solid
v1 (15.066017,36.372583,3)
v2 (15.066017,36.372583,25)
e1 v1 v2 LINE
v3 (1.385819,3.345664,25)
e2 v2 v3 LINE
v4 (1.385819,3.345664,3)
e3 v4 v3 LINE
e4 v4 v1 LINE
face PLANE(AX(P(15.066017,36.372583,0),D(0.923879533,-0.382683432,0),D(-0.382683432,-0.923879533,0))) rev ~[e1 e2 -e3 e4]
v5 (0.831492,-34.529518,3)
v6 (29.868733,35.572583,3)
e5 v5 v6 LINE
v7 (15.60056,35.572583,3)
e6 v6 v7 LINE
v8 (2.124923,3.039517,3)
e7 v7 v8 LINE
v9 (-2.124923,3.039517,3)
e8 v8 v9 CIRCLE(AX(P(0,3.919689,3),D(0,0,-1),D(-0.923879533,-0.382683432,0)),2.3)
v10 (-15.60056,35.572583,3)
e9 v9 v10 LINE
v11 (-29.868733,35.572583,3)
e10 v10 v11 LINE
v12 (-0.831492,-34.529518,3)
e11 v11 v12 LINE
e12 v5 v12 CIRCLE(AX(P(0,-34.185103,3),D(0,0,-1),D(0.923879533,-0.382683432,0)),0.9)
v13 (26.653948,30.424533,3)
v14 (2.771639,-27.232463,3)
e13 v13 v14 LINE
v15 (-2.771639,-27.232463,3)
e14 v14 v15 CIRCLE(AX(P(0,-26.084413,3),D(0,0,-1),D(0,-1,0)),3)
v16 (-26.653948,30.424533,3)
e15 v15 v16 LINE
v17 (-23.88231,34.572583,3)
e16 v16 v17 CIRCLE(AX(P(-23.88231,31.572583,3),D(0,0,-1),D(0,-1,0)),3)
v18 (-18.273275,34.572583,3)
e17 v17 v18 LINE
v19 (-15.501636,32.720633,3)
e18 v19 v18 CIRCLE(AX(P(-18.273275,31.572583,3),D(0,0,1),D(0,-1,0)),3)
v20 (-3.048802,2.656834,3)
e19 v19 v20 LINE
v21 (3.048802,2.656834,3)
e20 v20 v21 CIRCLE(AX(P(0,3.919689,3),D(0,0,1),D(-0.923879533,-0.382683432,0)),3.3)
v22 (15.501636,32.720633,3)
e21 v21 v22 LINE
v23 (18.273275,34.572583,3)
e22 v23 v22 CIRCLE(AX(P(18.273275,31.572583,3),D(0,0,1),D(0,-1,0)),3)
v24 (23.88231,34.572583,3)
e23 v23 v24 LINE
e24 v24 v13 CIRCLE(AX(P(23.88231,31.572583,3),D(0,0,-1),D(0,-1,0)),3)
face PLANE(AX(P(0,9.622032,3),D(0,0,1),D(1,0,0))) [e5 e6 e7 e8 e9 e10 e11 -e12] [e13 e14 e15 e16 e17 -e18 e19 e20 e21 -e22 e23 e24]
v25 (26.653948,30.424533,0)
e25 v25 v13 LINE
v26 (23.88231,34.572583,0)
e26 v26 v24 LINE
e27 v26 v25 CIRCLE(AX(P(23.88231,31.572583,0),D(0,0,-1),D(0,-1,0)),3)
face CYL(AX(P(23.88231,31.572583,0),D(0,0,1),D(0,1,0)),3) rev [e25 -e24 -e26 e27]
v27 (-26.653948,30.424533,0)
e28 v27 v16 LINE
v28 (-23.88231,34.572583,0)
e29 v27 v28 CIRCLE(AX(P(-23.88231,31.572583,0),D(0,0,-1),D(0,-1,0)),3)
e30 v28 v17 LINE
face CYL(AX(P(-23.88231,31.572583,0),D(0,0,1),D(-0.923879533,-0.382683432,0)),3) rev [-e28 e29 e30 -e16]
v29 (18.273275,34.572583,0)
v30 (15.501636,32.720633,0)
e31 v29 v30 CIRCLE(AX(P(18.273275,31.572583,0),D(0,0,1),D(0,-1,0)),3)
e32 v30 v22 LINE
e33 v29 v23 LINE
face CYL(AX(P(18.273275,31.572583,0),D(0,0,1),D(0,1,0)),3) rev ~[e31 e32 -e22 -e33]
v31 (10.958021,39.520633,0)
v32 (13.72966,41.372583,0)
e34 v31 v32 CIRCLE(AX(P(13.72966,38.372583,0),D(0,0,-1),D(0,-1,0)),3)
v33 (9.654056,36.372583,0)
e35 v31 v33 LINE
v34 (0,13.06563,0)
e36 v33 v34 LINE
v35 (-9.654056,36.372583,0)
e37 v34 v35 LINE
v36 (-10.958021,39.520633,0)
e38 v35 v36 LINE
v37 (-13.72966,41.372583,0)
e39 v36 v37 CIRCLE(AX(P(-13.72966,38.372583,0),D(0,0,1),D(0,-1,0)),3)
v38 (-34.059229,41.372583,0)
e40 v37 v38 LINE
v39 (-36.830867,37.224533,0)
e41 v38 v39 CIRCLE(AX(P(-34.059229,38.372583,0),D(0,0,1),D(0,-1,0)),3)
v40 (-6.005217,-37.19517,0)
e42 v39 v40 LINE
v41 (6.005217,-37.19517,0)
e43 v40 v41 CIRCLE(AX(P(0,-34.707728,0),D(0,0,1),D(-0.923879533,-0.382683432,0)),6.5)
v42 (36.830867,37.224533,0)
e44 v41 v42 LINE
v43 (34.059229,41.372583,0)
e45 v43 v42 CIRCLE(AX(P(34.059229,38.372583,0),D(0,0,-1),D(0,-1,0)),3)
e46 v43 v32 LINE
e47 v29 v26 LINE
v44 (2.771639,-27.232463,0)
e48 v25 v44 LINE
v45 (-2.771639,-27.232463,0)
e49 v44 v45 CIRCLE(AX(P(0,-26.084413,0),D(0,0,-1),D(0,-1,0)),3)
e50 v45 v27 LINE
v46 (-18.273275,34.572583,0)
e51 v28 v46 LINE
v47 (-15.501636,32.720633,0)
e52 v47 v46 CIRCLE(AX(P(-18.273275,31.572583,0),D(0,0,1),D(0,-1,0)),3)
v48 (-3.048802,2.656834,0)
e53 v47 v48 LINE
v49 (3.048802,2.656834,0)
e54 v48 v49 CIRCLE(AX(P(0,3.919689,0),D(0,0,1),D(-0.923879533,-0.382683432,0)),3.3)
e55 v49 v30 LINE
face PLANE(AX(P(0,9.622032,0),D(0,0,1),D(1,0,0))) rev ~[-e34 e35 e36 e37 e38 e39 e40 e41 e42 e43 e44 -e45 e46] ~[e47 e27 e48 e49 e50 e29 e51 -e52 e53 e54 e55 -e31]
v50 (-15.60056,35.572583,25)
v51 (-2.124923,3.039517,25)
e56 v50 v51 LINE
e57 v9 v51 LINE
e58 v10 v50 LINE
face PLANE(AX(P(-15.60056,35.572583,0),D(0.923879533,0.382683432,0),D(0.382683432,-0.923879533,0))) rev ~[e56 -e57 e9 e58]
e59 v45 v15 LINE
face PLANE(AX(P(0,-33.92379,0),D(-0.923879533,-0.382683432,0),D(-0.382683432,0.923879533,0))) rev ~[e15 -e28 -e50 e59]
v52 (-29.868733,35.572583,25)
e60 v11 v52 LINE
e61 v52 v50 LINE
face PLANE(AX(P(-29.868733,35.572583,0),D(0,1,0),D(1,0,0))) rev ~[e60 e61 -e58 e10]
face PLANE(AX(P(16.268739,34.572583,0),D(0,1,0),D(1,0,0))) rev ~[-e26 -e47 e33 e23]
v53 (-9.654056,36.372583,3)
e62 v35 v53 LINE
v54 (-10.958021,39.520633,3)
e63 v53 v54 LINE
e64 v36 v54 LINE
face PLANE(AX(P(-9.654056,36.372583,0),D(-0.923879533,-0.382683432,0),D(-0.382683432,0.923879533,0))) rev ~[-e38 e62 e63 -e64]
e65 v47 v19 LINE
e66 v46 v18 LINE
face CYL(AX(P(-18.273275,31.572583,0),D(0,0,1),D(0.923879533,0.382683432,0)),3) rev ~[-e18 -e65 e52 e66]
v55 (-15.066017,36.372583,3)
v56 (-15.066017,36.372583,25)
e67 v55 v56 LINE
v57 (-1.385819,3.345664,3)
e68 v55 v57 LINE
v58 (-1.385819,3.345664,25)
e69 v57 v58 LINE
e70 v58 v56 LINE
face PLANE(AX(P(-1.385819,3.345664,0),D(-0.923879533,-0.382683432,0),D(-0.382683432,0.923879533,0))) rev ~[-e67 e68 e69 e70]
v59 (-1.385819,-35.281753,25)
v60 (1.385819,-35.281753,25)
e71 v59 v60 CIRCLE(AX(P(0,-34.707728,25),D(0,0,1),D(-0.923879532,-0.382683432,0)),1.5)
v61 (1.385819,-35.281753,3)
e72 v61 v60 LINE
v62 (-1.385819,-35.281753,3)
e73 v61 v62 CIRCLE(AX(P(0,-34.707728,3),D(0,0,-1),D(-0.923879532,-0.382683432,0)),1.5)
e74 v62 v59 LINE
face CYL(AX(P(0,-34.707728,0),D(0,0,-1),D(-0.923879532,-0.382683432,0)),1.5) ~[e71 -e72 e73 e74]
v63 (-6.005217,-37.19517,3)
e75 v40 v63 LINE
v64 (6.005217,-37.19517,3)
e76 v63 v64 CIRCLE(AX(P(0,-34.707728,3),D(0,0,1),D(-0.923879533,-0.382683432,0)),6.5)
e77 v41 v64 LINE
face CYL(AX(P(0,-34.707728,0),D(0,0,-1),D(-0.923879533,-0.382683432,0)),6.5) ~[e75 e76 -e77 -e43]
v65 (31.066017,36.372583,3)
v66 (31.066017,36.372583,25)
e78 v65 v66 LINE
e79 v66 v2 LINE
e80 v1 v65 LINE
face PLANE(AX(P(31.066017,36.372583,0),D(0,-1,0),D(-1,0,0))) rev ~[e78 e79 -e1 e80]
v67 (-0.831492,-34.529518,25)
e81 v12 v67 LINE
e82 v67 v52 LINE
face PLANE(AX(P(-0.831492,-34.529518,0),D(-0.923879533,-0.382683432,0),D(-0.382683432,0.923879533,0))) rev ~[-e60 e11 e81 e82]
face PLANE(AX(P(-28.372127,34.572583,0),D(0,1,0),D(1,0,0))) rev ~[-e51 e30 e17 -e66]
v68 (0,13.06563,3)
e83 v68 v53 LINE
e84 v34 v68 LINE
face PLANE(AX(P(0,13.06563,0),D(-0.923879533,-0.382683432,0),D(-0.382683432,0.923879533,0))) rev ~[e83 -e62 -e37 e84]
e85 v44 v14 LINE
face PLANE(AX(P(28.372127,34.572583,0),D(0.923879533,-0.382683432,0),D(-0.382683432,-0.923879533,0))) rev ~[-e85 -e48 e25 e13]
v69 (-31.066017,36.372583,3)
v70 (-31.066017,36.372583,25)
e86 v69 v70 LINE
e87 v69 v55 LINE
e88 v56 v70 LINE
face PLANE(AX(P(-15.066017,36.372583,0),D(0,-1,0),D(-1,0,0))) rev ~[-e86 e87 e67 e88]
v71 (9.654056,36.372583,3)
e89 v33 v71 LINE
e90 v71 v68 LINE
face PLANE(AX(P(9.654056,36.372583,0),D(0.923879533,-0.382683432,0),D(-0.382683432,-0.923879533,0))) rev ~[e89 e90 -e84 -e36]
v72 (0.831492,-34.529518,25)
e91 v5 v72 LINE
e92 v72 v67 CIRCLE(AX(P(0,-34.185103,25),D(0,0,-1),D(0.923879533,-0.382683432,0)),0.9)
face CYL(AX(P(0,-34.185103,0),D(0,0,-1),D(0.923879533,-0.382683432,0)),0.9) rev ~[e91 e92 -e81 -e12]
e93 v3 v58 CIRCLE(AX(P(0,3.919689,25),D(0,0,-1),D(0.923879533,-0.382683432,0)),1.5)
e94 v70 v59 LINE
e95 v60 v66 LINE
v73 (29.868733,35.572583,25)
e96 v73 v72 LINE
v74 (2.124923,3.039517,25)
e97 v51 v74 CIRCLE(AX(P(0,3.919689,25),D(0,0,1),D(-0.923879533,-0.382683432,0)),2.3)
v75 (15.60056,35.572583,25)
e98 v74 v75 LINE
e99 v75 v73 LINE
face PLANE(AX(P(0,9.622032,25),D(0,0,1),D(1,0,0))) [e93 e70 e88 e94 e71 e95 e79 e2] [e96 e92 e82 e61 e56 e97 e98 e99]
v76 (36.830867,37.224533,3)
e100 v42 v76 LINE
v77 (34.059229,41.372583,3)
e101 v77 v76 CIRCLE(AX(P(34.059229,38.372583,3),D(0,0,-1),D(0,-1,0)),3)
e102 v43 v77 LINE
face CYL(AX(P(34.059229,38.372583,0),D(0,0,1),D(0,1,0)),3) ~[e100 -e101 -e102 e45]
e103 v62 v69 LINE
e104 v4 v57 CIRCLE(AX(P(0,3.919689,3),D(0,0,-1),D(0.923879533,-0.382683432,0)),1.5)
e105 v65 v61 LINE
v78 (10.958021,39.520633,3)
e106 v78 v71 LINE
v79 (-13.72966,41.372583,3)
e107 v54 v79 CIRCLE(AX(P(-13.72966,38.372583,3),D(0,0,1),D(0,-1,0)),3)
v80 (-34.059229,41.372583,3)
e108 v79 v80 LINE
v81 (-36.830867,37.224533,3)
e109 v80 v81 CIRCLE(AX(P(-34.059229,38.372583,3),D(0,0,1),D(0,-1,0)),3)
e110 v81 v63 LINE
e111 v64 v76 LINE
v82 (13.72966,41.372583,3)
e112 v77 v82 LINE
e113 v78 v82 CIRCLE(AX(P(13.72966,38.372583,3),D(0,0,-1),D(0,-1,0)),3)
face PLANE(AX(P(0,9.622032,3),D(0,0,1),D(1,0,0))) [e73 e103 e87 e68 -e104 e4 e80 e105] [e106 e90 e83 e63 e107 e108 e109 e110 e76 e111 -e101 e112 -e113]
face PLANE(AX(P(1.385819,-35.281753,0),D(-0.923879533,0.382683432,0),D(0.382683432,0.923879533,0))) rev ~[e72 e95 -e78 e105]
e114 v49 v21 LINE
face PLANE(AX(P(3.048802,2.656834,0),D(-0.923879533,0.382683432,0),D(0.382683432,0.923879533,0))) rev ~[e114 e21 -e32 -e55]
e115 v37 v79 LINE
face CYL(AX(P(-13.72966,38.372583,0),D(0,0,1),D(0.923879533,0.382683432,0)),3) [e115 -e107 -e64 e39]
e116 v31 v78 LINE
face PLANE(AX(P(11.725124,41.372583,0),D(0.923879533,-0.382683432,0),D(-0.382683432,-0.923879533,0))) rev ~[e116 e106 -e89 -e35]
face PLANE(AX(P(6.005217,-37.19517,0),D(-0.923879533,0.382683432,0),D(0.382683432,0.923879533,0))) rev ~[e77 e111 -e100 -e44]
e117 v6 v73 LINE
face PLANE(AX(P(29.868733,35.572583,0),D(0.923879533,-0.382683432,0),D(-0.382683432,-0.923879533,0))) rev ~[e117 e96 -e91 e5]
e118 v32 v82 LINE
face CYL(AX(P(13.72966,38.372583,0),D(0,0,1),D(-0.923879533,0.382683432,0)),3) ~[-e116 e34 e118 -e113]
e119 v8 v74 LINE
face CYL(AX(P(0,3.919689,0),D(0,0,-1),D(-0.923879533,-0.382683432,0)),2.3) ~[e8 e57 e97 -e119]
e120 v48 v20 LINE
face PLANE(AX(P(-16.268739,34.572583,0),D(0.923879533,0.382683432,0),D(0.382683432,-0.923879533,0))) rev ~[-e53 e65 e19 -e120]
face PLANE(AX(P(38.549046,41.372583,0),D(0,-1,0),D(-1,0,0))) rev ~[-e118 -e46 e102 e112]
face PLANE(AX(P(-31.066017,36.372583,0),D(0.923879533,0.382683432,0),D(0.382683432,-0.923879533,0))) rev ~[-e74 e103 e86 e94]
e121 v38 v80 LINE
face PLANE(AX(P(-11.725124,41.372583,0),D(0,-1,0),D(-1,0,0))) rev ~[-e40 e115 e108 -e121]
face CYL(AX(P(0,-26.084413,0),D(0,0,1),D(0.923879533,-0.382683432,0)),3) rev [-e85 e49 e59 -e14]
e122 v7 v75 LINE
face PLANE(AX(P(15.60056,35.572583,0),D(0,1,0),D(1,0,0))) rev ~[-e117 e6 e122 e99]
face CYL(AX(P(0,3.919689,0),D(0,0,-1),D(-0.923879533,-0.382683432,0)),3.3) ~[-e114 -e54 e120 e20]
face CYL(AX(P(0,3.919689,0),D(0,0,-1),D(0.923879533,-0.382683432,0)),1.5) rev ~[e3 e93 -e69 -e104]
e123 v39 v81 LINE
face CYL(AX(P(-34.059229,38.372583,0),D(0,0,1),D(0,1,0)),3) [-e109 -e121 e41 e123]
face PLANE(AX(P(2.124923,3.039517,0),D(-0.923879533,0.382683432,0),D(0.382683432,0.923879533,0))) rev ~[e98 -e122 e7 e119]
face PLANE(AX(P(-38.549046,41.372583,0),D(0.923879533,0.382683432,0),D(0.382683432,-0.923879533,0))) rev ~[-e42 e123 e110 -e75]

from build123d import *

# Parameters (mm, degrees)
F1_DEPTH = 3
F2_DEPTH = 25
F3_R     = 3


with BuildPart() as f1:
    # F0 (on Top) → F1 (new body)
    with BuildSketch(Plane.XY):
        with BuildLine():
            Line((-1.3858192988, 3.3456637461), (-15.066017178, 36.372583002))
            Line((-15.066017178, 36.372583002), (-31.066017178, 36.372583002))
            Line((-31.066017178, 36.372583002), (-1.3858192988, -35.2817532519))
            ThreePointArc((-1.3858192988, -35.2817532519), (0, -36.2077281033), (1.3858192988, -35.2817532519))
            Line((1.3858192988, -35.2817532519), (31.066017178, 36.372583002))
            Line((31.066017178, 36.372583002), (15.066017178, 36.372583002))
            Line((15.066017178, 36.372583002), (1.3858192988, 3.3456637461))
            ThreePointArc((1.3858192988, 3.3456637461), (0, 2.4196888946), (-1.3858192988, 3.3456637461))
        make_face()
        with BuildLine():
            ThreePointArc((0.8314915793, -34.5295180065), (0, -35.0851029174), (-0.8314915793, -34.5295180065))
            Line((-0.8314915793, -34.5295180065), (-29.8687325678, 35.572583002))
            Line((-29.8687325678, 35.572583002), (-15.6005600883, 35.572583002))
            Line((-15.6005600883, 35.572583002), (-2.1249229248, 3.0395170002))
            ThreePointArc((-2.1249229248, 3.0395170002), (0, 1.6196888946), (2.1249229248, 3.0395170002))
            Line((2.1249229248, 3.0395170002), (15.6005600883, 35.572583002))
            Line((15.6005600883, 35.572583002), (29.8687325678, 35.572583002))
            Line((29.8687325678, 35.572583002), (0.8314915793, -34.5295180065))
        make_face(mode=Mode.SUBTRACT)
        with BuildLine():
            Line((-29.8687325678, 35.572583002), (-0.8314915793, -34.5295180065))
            ThreePointArc((-0.8314915793, -34.5295180065), (0, -35.0851029174), (0.8314915793, -34.5295180065))
            Line((0.8314915793, -34.5295180065), (29.8687325678, 35.572583002))
            Line((29.8687325678, 35.572583002), (15.6005600883, 35.572583002))
            Line((15.6005600883, 35.572583002), (2.1249229248, 3.0395170002))
            ThreePointArc((2.1249229248, 3.0395170002), (0, 1.6196888946), (-2.1249229248, 3.0395170002))
            Line((-2.1249229248, 3.0395170002), (-15.6005600883, 35.572583002))
            Line((-15.6005600883, 35.572583002), (-29.8687325678, 35.572583002))
        make_face()
        with BuildLine():
            Line((28.3721268052, 34.572583002), (0, -33.9237903244))
            Line((0, -33.9237903244), (-28.3721268052, 34.572583002))
            Line((-28.3721268052, 34.572583002), (-16.2687387262, 34.572583002))
            Line((-16.2687387262, 34.572583002), (-3.0488024573, 2.6568335678))
            ThreePointArc((-3.0488024573, 2.6568335678), (0, 0.6196888946), (3.0488024573, 2.6568335678))
            Line((3.0488024573, 2.6568335678), (16.2687387262, 34.572583002))
            Line((16.2687387262, 34.572583002), (28.3721268052, 34.572583002))
        make_face(mode=Mode.SUBTRACT)
        with BuildLine():
            Line((-31.066017178, 36.372583002), (-15.066017178, 36.372583002))
            Line((-15.066017178, 36.372583002), (-9.6540561765, 36.372583002))
            Line((-9.6540561765, 36.372583002), (-11.7251239884, 41.372583002))
            Line((-11.7251239884, 41.372583002), (-38.5490459913, 41.372583002))
            Line((-38.5490459913, 41.372583002), (-6.0052169613, -37.1951704137))
            ThreePointArc((-6.0052169613, -37.1951704137), (0, -41.2077281033), (6.0052169613, -37.1951704137))
            Line((6.0052169613, -37.1951704137), (38.5490459913, 41.372583002))
            Line((38.5490459913, 41.372583002), (11.7251239884, 41.372583002))
            Line((11.7251239884, 41.372583002), (9.6540561765, 36.372583002))
            Line((9.6540561765, 36.372583002), (15.066017178, 36.372583002))
            Line((15.066017178, 36.372583002), (31.066017178, 36.372583002))
            Line((31.066017178, 36.372583002), (1.3858192988, -35.2817532519))
            ThreePointArc((1.3858192988, -35.2817532519), (0, -36.2077281033), (-1.3858192988, -35.2817532519))
            Line((-1.3858192988, -35.2817532519), (-31.066017178, 36.372583002))
        make_face()
        with BuildLine():
            Line((-9.6540561765, 36.372583002), (-15.066017178, 36.372583002))
            Line((-15.066017178, 36.372583002), (-1.3858192988, 3.3456637461))
            ThreePointArc((-1.3858192988, 3.3456637461), (0, 2.4196888946), (1.3858192988, 3.3456637461))
            Line((1.3858192988, 3.3456637461), (15.066017178, 36.372583002))
            Line((15.066017178, 36.372583002), (9.6540561765, 36.372583002))
            Line((9.6540561765, 36.372583002), (0, 13.0656296488))
            Line((0, 13.0656296488), (-9.6540561765, 36.372583002))
        make_face()
    extrude(amount=F1_DEPTH)

    # F0 (on Top) → F2 (join)
    with BuildSketch(Plane.XY):
        with BuildLine():
            Line((-1.3858192988, 3.3456637461), (-15.066017178, 36.372583002))
            Line((-15.066017178, 36.372583002), (-31.066017178, 36.372583002))
            Line((-31.066017178, 36.372583002), (-1.3858192988, -35.2817532519))
            ThreePointArc((-1.3858192988, -35.2817532519), (0, -36.2077281033), (1.3858192988, -35.2817532519))
            Line((1.3858192988, -35.2817532519), (31.066017178, 36.372583002))
            Line((31.066017178, 36.372583002), (15.066017178, 36.372583002))
            Line((15.066017178, 36.372583002), (1.3858192988, 3.3456637461))
            ThreePointArc((1.3858192988, 3.3456637461), (0, 2.4196888946), (-1.3858192988, 3.3456637461))
        make_face()
        with BuildLine():
            ThreePointArc((0.8314915793, -34.5295180065), (0, -35.0851029174), (-0.8314915793, -34.5295180065))
            Line((-0.8314915793, -34.5295180065), (-29.8687325678, 35.572583002))
            Line((-29.8687325678, 35.572583002), (-15.6005600883, 35.572583002))
            Line((-15.6005600883, 35.572583002), (-2.1249229248, 3.0395170002))
            ThreePointArc((-2.1249229248, 3.0395170002), (0, 1.6196888946), (2.1249229248, 3.0395170002))
            Line((2.1249229248, 3.0395170002), (15.6005600883, 35.572583002))
            Line((15.6005600883, 35.572583002), (29.8687325678, 35.572583002))
            Line((29.8687325678, 35.572583002), (0.8314915793, -34.5295180065))
        make_face(mode=Mode.SUBTRACT)
    extrude(amount=F2_DEPTH)

    # F3
    f3_edges = [f1.edges().sort_by_distance(p)[0] for p in [
        (-38.549046, 41.372583, 1.5),
        (-11.725124, 41.372583, 1.5),
        (11.725124, 41.372583, 1.5),
        (38.549046, 41.372583, 1.5),
        (-16.268739, 34.572583, 1.5),
        (-28.372127, 34.572583, 1.5),
        (16.268739, 34.572583, 1.5),
        (28.372127, 34.572583, 1.5),
        (0, -33.92379, 1.5),
    ]]
    fillet(f3_edges, radius=F3_R)


solid = f1.part
